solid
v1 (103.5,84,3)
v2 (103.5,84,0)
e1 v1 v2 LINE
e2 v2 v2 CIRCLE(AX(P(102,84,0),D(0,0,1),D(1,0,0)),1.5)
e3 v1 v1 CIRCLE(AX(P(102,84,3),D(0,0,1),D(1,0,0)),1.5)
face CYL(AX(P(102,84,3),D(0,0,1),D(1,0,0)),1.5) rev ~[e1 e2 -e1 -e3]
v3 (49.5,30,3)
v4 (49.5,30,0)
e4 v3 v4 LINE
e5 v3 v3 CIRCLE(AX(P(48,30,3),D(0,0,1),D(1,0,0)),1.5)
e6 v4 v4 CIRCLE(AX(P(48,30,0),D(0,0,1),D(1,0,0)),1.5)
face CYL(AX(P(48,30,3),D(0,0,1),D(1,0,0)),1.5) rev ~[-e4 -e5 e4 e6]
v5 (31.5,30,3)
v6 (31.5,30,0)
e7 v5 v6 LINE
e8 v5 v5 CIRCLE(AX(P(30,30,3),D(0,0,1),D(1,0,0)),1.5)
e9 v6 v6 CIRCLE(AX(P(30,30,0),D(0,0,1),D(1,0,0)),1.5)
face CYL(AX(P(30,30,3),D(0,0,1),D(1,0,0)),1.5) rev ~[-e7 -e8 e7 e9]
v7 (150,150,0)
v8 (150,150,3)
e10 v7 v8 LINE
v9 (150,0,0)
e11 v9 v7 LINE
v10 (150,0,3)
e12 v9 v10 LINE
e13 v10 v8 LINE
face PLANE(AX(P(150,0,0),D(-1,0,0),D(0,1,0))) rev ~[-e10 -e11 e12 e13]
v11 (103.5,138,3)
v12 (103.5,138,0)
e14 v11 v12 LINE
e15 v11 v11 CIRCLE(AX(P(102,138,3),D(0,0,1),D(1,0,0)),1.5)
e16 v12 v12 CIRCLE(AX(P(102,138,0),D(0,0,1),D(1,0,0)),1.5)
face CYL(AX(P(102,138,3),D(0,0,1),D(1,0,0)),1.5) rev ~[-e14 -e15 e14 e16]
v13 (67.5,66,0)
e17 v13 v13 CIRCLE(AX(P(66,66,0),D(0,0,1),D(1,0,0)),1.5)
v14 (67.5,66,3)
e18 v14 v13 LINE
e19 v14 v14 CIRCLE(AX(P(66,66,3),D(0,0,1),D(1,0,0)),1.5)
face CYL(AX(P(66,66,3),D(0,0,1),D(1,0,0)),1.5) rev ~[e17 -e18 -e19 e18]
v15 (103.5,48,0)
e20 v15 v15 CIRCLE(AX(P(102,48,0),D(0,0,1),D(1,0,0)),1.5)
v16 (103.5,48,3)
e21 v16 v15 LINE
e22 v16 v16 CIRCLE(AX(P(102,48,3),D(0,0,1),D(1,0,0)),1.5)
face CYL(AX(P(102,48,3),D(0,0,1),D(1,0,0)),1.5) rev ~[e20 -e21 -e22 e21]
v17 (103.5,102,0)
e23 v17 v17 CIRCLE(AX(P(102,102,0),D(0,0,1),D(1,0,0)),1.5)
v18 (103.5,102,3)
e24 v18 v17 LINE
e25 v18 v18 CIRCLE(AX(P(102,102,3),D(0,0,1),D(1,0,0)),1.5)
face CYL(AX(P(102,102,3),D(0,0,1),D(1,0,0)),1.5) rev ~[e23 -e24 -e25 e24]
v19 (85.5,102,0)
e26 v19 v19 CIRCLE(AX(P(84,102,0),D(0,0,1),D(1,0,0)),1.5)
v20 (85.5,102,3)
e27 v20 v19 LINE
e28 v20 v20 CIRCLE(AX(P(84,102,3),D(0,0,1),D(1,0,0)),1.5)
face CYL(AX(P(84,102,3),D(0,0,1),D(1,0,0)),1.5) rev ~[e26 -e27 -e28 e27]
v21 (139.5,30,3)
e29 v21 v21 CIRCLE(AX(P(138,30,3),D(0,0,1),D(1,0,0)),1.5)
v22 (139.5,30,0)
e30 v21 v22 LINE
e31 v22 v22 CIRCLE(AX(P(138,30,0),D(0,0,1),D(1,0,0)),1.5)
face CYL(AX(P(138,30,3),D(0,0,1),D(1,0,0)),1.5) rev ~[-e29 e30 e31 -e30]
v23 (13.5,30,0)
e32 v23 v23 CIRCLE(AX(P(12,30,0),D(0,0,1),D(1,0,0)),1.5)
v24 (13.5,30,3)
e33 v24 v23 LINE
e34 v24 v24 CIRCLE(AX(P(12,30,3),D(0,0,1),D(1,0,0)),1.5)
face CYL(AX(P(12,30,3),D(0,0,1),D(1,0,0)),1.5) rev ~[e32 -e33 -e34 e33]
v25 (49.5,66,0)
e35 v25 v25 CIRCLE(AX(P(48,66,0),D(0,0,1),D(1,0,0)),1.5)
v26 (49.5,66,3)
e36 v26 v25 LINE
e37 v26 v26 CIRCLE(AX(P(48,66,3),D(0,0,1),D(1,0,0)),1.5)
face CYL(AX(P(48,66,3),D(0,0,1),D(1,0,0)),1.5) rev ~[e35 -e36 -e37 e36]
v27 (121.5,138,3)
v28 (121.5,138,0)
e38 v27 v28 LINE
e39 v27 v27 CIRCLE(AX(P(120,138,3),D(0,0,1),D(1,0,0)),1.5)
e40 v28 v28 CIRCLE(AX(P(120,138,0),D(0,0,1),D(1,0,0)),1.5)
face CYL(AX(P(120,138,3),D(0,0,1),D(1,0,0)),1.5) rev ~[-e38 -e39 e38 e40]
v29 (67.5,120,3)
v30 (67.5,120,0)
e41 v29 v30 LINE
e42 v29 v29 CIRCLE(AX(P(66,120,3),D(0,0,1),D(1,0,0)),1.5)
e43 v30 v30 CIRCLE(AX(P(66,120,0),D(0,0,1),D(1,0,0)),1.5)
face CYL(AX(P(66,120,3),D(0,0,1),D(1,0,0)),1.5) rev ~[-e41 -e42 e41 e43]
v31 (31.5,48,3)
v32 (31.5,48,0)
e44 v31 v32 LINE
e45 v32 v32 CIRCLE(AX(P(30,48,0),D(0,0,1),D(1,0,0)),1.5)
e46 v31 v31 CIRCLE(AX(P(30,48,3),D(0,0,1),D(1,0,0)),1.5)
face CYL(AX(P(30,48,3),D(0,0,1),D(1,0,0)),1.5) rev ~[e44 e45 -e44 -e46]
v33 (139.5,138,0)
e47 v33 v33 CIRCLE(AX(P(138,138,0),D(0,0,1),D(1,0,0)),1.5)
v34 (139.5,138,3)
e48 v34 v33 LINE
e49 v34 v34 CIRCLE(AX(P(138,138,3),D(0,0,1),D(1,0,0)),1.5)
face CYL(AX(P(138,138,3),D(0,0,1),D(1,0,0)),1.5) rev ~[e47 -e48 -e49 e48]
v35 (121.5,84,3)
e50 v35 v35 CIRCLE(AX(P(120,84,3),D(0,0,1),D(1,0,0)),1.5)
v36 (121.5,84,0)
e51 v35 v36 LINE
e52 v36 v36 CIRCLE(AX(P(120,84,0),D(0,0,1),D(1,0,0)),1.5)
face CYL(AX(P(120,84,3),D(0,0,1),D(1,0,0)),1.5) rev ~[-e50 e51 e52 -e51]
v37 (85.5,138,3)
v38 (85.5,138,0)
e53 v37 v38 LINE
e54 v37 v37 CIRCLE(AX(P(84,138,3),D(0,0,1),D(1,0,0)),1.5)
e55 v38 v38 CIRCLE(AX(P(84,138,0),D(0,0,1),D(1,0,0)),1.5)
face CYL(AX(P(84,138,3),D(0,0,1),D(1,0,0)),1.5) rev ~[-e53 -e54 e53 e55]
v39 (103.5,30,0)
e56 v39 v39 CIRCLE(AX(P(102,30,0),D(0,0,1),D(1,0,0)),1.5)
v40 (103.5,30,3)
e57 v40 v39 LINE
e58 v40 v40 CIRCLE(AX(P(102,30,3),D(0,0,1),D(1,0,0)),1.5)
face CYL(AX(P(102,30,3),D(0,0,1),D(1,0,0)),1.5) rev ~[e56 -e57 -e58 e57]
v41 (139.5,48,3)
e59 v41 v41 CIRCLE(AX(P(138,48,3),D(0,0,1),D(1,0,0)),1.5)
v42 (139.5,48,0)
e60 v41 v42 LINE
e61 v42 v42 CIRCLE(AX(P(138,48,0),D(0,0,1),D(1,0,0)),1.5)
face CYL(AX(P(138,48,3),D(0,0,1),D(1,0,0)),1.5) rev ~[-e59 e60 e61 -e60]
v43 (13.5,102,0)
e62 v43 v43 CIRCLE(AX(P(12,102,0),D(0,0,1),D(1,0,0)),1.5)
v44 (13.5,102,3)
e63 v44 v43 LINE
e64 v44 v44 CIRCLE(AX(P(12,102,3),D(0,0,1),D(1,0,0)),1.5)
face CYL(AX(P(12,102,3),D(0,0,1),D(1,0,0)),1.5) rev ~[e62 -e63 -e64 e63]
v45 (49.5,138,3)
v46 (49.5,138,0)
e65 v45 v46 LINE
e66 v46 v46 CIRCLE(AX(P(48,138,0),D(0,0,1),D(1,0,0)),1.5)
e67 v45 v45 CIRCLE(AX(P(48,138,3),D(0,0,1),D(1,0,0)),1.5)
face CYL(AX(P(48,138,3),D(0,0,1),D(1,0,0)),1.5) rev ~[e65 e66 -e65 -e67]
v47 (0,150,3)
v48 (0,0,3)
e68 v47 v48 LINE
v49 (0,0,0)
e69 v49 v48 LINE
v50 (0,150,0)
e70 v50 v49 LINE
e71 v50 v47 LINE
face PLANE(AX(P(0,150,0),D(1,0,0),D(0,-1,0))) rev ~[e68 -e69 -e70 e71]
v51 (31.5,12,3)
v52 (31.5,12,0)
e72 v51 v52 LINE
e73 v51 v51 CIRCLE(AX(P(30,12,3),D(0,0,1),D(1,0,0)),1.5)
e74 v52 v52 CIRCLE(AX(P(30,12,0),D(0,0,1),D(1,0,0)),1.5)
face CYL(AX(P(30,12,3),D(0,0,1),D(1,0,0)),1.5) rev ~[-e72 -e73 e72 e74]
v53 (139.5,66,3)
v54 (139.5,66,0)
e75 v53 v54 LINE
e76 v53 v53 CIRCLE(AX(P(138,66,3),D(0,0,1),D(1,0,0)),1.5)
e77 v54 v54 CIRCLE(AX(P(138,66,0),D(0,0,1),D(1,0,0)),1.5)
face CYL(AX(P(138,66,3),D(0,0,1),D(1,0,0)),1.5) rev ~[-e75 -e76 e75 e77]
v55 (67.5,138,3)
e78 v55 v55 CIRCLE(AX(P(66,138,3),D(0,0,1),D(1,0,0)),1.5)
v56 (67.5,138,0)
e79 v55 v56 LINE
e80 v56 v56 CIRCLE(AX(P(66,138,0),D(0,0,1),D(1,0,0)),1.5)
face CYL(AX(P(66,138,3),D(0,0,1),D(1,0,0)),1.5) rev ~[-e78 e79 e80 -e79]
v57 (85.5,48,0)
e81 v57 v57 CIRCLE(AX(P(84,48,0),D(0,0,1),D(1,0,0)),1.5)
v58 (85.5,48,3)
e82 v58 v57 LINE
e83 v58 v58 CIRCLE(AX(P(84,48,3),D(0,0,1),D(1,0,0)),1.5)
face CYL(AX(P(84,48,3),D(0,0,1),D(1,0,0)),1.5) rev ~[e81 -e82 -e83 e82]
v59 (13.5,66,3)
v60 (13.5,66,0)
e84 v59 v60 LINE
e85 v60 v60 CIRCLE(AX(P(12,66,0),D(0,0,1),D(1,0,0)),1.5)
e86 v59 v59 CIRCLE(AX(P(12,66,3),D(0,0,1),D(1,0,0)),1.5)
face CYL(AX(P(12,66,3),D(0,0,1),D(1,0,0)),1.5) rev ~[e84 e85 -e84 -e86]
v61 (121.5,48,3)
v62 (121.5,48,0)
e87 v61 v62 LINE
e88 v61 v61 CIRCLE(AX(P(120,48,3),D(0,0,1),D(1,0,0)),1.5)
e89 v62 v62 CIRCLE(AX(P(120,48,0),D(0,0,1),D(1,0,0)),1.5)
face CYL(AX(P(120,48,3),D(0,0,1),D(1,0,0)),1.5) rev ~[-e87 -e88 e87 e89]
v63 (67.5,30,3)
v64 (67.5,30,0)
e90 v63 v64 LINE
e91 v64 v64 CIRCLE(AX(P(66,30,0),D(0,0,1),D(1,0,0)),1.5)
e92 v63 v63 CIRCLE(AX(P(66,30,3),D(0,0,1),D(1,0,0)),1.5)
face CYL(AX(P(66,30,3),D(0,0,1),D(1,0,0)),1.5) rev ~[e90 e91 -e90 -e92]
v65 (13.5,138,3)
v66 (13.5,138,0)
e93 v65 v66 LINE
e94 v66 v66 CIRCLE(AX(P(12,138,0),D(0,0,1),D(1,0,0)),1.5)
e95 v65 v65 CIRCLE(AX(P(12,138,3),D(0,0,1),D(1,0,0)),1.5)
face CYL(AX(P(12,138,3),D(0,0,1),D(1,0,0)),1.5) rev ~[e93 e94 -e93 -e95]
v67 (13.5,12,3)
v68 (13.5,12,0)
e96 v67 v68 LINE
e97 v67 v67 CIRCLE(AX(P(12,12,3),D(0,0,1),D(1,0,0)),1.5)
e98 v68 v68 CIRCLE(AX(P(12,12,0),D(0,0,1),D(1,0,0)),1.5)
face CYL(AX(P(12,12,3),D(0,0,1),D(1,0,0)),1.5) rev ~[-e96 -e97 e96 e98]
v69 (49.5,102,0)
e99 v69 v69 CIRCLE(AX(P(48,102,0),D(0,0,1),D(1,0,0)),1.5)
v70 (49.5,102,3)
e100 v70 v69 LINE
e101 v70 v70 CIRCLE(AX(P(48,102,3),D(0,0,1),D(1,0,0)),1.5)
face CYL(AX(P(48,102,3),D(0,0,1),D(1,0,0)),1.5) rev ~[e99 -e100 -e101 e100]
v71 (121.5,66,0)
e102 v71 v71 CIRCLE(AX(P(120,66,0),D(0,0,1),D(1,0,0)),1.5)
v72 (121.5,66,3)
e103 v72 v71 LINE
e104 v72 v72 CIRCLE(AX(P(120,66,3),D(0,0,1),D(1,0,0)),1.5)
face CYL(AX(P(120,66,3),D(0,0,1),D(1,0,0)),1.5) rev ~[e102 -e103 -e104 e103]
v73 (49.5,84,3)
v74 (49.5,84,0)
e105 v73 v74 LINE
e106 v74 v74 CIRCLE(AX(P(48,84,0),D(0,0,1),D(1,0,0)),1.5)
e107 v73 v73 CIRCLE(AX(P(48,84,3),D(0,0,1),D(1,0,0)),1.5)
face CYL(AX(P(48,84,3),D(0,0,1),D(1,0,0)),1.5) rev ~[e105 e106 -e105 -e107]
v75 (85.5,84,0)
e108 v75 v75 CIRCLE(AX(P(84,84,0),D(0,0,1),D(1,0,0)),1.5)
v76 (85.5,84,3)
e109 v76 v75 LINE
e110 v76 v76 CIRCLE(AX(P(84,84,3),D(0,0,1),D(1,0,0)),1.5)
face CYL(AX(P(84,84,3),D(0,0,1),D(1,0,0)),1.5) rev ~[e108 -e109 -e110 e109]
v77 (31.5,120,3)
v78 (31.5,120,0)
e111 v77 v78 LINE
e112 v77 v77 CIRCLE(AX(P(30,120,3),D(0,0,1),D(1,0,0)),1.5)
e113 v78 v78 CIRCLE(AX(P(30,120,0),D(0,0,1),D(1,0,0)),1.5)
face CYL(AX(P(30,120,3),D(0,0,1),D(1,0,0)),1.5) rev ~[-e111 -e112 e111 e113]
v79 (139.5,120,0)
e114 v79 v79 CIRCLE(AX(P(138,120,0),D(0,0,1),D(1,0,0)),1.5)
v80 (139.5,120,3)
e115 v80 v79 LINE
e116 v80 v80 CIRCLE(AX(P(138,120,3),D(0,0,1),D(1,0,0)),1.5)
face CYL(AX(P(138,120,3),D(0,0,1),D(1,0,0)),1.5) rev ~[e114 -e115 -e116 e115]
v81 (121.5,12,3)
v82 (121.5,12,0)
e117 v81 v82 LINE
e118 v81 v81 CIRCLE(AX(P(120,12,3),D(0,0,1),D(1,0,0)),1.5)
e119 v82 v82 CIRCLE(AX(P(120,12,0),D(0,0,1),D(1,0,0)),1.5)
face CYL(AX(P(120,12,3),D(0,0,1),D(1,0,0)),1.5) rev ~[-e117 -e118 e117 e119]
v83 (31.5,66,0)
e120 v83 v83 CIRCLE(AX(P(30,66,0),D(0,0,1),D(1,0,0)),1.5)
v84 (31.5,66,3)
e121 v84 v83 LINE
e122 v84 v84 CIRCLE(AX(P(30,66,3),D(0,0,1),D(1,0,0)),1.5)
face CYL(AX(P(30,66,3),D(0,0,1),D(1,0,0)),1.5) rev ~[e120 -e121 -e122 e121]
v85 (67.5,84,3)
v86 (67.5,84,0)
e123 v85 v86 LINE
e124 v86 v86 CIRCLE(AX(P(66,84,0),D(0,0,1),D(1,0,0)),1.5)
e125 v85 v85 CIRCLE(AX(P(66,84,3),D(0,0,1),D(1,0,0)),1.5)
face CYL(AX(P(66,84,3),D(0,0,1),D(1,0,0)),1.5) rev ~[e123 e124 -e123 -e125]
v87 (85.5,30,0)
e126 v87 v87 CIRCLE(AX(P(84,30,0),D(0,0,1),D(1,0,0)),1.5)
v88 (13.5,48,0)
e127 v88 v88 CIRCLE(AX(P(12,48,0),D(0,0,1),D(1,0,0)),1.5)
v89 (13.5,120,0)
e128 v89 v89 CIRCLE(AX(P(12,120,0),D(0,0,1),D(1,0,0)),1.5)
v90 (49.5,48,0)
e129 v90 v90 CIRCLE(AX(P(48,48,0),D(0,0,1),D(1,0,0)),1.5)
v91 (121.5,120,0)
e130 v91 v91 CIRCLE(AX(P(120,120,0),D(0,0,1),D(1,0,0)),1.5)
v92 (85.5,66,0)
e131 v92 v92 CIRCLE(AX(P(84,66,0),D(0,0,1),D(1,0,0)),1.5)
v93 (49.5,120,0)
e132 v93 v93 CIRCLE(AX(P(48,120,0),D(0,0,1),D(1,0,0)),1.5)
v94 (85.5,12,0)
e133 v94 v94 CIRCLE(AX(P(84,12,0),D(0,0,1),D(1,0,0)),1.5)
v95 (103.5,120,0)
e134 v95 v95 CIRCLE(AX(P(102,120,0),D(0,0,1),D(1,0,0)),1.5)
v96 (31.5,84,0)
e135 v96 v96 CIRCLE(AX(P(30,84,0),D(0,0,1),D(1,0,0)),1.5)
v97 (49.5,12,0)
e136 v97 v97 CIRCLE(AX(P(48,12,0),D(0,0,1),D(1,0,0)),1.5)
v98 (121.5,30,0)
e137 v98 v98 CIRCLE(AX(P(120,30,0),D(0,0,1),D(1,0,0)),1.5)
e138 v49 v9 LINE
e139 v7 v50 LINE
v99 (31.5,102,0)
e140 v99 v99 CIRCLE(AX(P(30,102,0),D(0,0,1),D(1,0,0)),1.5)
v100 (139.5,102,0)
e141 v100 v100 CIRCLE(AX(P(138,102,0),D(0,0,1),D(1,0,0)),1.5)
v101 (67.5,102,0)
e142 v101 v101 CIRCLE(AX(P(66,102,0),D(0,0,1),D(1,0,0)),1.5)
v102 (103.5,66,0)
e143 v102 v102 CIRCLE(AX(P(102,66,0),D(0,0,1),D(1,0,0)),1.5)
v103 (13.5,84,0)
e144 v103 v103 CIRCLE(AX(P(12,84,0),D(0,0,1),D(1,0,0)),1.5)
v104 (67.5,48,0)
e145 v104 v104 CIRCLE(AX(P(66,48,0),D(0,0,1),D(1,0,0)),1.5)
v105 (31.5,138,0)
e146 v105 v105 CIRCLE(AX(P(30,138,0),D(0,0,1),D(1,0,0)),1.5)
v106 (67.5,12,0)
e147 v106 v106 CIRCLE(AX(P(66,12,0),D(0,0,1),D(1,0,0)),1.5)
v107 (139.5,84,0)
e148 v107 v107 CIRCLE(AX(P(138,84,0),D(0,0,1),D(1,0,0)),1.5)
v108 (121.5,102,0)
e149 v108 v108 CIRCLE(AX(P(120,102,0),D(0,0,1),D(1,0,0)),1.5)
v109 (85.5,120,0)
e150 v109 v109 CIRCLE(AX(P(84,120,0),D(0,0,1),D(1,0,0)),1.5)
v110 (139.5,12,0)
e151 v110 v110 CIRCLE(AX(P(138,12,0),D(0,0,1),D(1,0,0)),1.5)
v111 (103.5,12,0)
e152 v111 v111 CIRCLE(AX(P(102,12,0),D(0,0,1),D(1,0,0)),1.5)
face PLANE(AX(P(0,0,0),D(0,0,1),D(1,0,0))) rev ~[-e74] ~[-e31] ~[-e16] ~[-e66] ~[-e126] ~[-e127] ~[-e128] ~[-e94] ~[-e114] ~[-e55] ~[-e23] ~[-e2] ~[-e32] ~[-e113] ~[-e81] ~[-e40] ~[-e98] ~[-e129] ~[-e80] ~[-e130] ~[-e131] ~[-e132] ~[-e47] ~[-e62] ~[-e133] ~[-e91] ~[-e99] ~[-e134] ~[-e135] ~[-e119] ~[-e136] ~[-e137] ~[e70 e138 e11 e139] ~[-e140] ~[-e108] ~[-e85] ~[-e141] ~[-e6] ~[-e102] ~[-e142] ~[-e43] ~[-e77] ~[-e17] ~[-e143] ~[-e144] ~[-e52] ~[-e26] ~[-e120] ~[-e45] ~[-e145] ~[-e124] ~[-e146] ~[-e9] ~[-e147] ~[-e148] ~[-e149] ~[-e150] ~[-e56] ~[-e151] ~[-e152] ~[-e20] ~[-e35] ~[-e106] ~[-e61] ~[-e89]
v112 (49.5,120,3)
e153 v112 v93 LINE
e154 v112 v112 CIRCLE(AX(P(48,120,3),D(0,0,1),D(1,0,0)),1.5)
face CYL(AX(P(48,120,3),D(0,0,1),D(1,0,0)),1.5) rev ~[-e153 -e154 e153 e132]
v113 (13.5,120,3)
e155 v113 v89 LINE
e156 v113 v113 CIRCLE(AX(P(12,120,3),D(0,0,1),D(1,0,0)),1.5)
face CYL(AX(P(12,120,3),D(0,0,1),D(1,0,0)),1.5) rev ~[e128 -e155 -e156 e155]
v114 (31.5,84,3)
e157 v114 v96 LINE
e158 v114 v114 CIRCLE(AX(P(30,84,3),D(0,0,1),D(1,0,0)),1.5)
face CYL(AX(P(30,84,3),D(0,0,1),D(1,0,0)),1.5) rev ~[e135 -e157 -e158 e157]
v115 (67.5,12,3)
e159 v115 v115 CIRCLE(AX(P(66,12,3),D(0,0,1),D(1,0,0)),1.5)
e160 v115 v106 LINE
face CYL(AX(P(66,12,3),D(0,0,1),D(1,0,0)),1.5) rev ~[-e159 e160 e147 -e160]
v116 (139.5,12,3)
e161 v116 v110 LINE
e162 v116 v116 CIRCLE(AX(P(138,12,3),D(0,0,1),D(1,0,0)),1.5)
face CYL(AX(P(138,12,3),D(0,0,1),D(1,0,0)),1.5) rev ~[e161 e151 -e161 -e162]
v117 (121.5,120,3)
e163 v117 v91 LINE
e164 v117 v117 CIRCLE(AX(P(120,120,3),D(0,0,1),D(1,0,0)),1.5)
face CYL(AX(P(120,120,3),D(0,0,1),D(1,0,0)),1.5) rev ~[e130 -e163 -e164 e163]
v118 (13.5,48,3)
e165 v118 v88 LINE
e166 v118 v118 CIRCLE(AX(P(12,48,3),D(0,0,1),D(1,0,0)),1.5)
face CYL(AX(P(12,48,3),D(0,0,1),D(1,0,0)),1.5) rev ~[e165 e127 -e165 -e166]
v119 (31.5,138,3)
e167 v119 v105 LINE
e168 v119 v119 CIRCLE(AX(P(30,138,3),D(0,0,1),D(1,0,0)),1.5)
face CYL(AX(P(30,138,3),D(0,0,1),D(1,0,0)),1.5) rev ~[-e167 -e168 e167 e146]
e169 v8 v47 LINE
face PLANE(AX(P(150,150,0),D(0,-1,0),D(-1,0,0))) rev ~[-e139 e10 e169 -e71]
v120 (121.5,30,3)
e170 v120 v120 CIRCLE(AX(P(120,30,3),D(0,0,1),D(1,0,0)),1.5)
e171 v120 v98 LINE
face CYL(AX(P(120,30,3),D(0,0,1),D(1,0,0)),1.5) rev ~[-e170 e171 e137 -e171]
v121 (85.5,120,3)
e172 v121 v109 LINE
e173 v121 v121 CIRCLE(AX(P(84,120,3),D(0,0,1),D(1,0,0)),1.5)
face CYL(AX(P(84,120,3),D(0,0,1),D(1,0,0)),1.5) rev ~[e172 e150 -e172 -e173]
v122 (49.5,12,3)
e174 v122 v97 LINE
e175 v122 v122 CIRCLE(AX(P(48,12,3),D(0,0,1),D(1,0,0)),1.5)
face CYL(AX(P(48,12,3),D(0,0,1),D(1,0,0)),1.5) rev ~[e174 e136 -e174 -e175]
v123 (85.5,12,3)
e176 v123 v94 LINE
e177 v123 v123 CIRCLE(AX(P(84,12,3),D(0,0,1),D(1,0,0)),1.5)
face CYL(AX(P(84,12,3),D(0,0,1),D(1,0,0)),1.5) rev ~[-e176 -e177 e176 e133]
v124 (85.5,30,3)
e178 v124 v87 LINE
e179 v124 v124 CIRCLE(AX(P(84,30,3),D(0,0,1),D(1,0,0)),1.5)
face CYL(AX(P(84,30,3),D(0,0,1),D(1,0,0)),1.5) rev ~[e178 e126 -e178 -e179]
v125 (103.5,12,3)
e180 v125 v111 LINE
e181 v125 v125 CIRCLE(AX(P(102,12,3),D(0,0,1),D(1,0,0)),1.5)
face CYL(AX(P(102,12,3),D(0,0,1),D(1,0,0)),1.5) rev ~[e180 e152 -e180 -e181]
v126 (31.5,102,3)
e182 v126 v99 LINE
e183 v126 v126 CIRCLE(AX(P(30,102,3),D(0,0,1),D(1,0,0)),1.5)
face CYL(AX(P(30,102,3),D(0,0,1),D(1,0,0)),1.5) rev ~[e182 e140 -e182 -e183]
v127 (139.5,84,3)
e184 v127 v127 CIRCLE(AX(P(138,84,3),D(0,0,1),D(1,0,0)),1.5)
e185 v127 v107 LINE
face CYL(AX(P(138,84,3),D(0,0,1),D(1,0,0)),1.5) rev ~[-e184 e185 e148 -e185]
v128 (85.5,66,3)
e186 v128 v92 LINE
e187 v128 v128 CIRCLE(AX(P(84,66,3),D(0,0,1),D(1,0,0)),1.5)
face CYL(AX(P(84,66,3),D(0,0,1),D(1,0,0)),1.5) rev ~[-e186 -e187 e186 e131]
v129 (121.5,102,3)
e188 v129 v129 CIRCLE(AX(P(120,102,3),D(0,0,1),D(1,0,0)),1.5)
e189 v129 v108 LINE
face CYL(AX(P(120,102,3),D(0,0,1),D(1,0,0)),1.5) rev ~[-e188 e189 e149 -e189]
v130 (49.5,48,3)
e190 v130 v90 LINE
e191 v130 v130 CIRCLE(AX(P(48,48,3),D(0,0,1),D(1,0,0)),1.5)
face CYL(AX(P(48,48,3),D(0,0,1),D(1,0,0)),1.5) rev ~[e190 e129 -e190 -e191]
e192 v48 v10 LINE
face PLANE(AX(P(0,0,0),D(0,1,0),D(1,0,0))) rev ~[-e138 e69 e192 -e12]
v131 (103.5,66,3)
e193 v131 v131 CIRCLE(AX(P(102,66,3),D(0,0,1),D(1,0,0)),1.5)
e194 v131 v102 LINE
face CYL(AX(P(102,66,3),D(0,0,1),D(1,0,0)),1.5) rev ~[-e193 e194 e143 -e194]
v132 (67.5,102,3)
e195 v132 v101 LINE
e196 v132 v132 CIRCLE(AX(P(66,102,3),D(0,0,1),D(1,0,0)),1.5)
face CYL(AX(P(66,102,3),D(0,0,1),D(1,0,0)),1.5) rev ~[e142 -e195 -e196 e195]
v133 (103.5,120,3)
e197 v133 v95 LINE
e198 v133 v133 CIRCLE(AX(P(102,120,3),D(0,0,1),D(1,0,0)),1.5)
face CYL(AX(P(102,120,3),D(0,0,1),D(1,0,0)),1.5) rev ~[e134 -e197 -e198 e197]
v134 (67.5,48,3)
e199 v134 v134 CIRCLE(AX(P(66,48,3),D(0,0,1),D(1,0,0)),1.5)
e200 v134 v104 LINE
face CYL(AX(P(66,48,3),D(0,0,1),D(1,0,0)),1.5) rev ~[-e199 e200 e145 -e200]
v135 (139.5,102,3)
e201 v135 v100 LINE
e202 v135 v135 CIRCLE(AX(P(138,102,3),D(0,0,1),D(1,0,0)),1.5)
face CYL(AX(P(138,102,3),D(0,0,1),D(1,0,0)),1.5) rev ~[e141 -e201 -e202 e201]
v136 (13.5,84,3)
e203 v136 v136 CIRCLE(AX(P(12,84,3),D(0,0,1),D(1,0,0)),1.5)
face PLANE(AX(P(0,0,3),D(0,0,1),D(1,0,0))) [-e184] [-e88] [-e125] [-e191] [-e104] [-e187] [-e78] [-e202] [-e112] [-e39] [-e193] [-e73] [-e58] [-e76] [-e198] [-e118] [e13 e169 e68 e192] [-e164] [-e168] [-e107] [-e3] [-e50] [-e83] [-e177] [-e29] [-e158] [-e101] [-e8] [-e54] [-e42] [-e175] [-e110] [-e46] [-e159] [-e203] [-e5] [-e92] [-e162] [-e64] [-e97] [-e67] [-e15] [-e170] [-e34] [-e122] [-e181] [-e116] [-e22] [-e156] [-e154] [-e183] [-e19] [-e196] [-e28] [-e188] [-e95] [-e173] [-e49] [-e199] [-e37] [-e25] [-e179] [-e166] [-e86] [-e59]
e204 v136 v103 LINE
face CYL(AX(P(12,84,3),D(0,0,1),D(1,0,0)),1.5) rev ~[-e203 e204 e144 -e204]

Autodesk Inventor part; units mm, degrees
ref_plane "YZ Plane" through (0, 0, 0) normal (1, 0, 0) x (0, 1, 0)
ref_plane "XZ Plane" through (0, 0, 0) normal (0, 1, 0) x (-1, 0, 0)
ref_plane "XY Plane" through (0, 0, 0) normal (0, 0, 1) x (1, 0, 0)
sketch "Sketch3" plane through (0, 0, 0) normal (0, 0, 1) x (1, 0, 0)
  line L0 (0, 0) -> (150, 0)
  line L1 (150, 0) -> (150, 150)
  line L2 (150, 150) -> (0, 150)
  line L3 (0, 150) -> (0, 0)
  dimension "d0" = 150
  dimension "d1" = 150
extrude "Extrusion1" add sketch "Sketch3" along normal blind 3
sketch "Sketch5" plane through (0, 0, 3) normal (0, 0, 1) x (1, 0, 0)
  line L0 (0, 0) -> (150, 0) projected
  line L1 (150, 0) -> (150, 150) projected
  line L2 (150, 150) -> (0, 150) projected
  line L3 (0, 150) -> (0, 0) projected
  line L4 (12, 150) -> (12, 0) construction
  line L5 (0, 138) -> (150, 138) construction
  circle A0 centre (12, 138) radius 1.5
  dimension "d15" = 12
  dimension "d16" = 12
  dimension "d17" = 3
extrude "Extrusion2" cut sketch "Sketch5" against normal blind 3 contours A0
pattern_linear "Rectangular Pattern1" count 8 spacing 18 along (1, 0, 0) count 8 spacing 18 along (0, -1, 0) of "Extrusion2"
properties part number "Soldering-guide"
